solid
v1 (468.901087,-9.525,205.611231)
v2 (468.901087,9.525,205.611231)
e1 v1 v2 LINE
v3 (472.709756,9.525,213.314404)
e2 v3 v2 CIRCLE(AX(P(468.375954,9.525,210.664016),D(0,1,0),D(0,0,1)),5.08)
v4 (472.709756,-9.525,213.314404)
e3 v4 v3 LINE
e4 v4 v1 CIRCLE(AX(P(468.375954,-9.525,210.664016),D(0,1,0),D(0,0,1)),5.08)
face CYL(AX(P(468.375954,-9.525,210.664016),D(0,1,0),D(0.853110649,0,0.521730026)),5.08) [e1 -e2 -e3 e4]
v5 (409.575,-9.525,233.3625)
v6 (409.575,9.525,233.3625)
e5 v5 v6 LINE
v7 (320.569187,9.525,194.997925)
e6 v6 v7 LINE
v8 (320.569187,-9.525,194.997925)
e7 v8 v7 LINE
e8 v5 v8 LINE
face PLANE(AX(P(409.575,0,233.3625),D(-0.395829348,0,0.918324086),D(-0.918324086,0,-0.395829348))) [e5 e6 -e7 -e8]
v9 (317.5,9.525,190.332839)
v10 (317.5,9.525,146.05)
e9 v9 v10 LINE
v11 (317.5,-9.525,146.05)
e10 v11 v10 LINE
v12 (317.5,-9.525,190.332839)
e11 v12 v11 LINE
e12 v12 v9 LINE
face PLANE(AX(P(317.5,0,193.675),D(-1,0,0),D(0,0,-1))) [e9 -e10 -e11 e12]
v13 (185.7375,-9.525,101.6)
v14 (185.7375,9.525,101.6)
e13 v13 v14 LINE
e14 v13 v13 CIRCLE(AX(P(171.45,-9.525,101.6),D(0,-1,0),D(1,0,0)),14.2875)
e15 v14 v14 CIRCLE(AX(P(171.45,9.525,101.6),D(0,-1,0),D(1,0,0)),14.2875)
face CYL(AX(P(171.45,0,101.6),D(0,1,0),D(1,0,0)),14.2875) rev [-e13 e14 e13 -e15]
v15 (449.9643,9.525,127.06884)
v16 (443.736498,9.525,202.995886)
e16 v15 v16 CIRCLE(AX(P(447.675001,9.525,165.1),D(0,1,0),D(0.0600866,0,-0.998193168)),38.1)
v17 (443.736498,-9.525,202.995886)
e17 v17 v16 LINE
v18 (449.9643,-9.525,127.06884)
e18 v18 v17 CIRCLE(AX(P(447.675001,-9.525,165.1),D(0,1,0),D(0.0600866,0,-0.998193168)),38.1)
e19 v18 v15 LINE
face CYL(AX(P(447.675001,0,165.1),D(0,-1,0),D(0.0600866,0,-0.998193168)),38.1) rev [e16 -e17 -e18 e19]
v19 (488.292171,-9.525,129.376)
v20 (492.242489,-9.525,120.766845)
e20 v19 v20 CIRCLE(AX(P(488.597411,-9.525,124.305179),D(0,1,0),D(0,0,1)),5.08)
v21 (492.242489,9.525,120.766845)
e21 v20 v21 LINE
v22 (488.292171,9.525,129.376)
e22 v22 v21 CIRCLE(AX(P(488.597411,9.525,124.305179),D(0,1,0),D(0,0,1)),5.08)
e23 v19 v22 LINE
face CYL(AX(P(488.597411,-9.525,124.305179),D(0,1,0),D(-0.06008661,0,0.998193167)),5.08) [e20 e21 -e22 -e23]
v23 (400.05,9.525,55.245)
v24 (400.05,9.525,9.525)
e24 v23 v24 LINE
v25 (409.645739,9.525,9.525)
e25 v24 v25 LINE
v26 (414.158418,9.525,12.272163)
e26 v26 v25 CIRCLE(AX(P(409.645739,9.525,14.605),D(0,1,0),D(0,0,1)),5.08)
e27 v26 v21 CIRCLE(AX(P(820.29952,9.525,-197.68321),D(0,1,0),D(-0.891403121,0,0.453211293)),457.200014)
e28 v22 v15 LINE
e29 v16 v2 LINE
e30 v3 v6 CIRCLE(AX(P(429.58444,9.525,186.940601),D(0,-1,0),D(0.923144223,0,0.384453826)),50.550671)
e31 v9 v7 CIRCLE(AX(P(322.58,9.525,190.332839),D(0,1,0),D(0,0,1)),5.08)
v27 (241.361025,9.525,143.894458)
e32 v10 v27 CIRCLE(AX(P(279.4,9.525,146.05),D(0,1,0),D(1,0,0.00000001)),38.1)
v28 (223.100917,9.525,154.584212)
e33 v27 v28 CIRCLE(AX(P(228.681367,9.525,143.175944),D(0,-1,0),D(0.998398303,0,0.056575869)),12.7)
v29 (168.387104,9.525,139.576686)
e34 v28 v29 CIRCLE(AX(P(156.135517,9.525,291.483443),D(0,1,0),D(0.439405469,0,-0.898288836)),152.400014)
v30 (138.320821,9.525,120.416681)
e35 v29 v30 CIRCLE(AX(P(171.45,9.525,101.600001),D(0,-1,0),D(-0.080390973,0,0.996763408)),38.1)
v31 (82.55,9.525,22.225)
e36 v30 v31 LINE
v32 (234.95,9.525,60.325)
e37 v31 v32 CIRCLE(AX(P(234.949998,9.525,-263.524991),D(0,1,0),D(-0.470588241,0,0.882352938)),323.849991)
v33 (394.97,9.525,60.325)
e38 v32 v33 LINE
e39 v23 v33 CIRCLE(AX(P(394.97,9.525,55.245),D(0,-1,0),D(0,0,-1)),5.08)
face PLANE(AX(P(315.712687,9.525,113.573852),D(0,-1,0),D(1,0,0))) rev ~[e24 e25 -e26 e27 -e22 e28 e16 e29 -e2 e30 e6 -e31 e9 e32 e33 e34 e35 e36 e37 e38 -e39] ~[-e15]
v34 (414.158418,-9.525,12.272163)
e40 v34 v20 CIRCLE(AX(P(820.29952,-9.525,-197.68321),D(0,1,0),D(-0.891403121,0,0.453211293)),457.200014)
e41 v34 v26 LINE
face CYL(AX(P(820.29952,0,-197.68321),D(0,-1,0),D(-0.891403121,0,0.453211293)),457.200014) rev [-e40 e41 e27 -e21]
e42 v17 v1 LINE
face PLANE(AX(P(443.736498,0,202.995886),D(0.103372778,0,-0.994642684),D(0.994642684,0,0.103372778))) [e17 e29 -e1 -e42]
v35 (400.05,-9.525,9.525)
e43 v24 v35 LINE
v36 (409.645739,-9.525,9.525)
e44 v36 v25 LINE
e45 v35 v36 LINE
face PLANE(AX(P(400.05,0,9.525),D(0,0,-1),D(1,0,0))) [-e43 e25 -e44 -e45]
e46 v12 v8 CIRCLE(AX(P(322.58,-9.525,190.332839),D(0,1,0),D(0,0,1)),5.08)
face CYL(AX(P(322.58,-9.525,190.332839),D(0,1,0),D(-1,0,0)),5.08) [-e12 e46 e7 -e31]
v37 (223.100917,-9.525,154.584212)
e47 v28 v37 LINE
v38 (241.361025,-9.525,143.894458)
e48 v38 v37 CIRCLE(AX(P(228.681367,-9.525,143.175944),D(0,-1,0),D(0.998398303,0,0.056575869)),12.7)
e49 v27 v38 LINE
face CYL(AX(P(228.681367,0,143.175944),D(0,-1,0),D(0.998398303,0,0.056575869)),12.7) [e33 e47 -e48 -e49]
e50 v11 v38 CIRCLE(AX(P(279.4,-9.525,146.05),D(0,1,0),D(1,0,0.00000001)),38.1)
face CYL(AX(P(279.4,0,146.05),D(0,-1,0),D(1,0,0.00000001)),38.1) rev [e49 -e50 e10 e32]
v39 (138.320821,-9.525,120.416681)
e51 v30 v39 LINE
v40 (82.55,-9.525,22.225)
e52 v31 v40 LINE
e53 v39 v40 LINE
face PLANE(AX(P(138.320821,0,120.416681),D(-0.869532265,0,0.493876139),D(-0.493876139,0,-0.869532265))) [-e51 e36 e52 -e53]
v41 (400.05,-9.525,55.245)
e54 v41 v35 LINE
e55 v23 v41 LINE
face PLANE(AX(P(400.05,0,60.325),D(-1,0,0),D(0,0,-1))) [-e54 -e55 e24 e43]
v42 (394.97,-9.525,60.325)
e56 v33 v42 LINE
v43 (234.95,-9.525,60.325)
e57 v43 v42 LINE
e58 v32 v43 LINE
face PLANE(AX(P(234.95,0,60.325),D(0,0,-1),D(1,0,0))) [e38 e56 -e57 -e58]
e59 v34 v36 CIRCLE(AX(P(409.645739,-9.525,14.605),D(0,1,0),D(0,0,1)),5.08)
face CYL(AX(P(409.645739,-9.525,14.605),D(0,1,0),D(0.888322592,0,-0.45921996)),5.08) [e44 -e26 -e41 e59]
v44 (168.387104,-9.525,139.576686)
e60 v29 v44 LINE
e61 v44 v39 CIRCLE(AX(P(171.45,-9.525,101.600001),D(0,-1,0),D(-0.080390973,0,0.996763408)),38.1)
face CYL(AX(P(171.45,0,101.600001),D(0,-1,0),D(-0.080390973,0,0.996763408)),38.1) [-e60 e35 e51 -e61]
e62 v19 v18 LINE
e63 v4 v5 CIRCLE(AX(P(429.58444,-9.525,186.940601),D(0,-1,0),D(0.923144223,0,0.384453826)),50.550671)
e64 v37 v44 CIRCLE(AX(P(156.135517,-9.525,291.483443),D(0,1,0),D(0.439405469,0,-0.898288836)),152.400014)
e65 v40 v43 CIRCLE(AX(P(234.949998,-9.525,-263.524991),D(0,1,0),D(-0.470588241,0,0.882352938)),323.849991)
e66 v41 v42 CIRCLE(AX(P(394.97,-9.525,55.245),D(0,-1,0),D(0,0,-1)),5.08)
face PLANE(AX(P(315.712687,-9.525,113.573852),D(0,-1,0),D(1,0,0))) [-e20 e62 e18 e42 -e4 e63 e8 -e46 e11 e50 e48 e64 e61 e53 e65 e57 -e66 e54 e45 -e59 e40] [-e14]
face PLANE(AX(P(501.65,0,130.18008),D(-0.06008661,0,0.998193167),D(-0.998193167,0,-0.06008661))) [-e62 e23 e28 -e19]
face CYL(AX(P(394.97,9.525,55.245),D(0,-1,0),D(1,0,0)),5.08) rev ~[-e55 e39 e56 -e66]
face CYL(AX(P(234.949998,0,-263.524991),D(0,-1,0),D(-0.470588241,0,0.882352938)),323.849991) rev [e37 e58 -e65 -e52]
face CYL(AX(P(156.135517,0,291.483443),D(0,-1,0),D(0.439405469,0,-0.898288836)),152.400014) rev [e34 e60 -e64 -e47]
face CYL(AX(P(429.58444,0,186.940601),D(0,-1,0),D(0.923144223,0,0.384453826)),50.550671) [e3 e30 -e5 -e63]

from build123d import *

# Parameters (mm, degrees)
F0_R     = 14.2875
F1_DEPTH = 9.525
F2_R     = 5.08


with BuildPart() as f1:
    # F0 (on Front) → F1 (new body, symmetric)
    with BuildSketch(Plane.XZ):
        with BuildLine():
            ThreePointArc((317.5, 146.05), (280.478203, 107.965259), (241.361025, 143.894458))
            ThreePointArc((241.361025, 143.894458), (235.097549, 154.13599), (223.100917, 154.584212))
            ThreePointArc((223.100917, 154.584212), (196.448532, 144.511932), (168.387104, 139.576686))
            ThreePointArc((168.387104, 139.576686), (150.974575, 133.730468), (138.320821, 120.416681))
            Line((138.320821, 120.416681), (82.55, 22.225))
            ThreePointArc((82.55, 22.225), (156.404838, 50.655649), (234.95, 60.325))
            Line((234.95, 60.325), (400.05, 60.325))
            Line((400.05, 60.325), (400.05, 9.525))
            Line((400.05, 9.525), (412.75, 9.525))
            ThreePointArc((412.75, 9.525), (452.222526, 73.519998), (501.65, 130.18008))
            Line((501.65, 130.18008), (449.9643, 127.06884))
            ThreePointArc((449.9643, 127.06884), (409.702523, 161.985365), (443.736498, 202.995886))
            Line((443.736498, 202.995886), (476.25, 206.375))
            ThreePointArc((476.25, 206.375), (448.550685, 233.798385), (409.575, 233.3625))
            Line((409.575, 233.3625), (317.5, 193.675))
            Line((317.5, 193.675), (317.5, 146.05))
        make_face()
        with Locations((171.45, 101.6)):
            Circle(F0_R, mode=Mode.SUBTRACT)
    extrude(amount=F1_DEPTH, both=True)

    # F2
    f2_edges = [f1.edges().sort_by_distance(p)[0] for p in [
        (317.5, 0, 193.675),
        (476.25, 0, 206.375),
        (501.65, 0, 130.18008),
        (412.75, 0, 9.525),
        (400.05, 0, 60.325),
    ]]
    fillet(f2_edges, radius=F2_R)


solid = f1.part
